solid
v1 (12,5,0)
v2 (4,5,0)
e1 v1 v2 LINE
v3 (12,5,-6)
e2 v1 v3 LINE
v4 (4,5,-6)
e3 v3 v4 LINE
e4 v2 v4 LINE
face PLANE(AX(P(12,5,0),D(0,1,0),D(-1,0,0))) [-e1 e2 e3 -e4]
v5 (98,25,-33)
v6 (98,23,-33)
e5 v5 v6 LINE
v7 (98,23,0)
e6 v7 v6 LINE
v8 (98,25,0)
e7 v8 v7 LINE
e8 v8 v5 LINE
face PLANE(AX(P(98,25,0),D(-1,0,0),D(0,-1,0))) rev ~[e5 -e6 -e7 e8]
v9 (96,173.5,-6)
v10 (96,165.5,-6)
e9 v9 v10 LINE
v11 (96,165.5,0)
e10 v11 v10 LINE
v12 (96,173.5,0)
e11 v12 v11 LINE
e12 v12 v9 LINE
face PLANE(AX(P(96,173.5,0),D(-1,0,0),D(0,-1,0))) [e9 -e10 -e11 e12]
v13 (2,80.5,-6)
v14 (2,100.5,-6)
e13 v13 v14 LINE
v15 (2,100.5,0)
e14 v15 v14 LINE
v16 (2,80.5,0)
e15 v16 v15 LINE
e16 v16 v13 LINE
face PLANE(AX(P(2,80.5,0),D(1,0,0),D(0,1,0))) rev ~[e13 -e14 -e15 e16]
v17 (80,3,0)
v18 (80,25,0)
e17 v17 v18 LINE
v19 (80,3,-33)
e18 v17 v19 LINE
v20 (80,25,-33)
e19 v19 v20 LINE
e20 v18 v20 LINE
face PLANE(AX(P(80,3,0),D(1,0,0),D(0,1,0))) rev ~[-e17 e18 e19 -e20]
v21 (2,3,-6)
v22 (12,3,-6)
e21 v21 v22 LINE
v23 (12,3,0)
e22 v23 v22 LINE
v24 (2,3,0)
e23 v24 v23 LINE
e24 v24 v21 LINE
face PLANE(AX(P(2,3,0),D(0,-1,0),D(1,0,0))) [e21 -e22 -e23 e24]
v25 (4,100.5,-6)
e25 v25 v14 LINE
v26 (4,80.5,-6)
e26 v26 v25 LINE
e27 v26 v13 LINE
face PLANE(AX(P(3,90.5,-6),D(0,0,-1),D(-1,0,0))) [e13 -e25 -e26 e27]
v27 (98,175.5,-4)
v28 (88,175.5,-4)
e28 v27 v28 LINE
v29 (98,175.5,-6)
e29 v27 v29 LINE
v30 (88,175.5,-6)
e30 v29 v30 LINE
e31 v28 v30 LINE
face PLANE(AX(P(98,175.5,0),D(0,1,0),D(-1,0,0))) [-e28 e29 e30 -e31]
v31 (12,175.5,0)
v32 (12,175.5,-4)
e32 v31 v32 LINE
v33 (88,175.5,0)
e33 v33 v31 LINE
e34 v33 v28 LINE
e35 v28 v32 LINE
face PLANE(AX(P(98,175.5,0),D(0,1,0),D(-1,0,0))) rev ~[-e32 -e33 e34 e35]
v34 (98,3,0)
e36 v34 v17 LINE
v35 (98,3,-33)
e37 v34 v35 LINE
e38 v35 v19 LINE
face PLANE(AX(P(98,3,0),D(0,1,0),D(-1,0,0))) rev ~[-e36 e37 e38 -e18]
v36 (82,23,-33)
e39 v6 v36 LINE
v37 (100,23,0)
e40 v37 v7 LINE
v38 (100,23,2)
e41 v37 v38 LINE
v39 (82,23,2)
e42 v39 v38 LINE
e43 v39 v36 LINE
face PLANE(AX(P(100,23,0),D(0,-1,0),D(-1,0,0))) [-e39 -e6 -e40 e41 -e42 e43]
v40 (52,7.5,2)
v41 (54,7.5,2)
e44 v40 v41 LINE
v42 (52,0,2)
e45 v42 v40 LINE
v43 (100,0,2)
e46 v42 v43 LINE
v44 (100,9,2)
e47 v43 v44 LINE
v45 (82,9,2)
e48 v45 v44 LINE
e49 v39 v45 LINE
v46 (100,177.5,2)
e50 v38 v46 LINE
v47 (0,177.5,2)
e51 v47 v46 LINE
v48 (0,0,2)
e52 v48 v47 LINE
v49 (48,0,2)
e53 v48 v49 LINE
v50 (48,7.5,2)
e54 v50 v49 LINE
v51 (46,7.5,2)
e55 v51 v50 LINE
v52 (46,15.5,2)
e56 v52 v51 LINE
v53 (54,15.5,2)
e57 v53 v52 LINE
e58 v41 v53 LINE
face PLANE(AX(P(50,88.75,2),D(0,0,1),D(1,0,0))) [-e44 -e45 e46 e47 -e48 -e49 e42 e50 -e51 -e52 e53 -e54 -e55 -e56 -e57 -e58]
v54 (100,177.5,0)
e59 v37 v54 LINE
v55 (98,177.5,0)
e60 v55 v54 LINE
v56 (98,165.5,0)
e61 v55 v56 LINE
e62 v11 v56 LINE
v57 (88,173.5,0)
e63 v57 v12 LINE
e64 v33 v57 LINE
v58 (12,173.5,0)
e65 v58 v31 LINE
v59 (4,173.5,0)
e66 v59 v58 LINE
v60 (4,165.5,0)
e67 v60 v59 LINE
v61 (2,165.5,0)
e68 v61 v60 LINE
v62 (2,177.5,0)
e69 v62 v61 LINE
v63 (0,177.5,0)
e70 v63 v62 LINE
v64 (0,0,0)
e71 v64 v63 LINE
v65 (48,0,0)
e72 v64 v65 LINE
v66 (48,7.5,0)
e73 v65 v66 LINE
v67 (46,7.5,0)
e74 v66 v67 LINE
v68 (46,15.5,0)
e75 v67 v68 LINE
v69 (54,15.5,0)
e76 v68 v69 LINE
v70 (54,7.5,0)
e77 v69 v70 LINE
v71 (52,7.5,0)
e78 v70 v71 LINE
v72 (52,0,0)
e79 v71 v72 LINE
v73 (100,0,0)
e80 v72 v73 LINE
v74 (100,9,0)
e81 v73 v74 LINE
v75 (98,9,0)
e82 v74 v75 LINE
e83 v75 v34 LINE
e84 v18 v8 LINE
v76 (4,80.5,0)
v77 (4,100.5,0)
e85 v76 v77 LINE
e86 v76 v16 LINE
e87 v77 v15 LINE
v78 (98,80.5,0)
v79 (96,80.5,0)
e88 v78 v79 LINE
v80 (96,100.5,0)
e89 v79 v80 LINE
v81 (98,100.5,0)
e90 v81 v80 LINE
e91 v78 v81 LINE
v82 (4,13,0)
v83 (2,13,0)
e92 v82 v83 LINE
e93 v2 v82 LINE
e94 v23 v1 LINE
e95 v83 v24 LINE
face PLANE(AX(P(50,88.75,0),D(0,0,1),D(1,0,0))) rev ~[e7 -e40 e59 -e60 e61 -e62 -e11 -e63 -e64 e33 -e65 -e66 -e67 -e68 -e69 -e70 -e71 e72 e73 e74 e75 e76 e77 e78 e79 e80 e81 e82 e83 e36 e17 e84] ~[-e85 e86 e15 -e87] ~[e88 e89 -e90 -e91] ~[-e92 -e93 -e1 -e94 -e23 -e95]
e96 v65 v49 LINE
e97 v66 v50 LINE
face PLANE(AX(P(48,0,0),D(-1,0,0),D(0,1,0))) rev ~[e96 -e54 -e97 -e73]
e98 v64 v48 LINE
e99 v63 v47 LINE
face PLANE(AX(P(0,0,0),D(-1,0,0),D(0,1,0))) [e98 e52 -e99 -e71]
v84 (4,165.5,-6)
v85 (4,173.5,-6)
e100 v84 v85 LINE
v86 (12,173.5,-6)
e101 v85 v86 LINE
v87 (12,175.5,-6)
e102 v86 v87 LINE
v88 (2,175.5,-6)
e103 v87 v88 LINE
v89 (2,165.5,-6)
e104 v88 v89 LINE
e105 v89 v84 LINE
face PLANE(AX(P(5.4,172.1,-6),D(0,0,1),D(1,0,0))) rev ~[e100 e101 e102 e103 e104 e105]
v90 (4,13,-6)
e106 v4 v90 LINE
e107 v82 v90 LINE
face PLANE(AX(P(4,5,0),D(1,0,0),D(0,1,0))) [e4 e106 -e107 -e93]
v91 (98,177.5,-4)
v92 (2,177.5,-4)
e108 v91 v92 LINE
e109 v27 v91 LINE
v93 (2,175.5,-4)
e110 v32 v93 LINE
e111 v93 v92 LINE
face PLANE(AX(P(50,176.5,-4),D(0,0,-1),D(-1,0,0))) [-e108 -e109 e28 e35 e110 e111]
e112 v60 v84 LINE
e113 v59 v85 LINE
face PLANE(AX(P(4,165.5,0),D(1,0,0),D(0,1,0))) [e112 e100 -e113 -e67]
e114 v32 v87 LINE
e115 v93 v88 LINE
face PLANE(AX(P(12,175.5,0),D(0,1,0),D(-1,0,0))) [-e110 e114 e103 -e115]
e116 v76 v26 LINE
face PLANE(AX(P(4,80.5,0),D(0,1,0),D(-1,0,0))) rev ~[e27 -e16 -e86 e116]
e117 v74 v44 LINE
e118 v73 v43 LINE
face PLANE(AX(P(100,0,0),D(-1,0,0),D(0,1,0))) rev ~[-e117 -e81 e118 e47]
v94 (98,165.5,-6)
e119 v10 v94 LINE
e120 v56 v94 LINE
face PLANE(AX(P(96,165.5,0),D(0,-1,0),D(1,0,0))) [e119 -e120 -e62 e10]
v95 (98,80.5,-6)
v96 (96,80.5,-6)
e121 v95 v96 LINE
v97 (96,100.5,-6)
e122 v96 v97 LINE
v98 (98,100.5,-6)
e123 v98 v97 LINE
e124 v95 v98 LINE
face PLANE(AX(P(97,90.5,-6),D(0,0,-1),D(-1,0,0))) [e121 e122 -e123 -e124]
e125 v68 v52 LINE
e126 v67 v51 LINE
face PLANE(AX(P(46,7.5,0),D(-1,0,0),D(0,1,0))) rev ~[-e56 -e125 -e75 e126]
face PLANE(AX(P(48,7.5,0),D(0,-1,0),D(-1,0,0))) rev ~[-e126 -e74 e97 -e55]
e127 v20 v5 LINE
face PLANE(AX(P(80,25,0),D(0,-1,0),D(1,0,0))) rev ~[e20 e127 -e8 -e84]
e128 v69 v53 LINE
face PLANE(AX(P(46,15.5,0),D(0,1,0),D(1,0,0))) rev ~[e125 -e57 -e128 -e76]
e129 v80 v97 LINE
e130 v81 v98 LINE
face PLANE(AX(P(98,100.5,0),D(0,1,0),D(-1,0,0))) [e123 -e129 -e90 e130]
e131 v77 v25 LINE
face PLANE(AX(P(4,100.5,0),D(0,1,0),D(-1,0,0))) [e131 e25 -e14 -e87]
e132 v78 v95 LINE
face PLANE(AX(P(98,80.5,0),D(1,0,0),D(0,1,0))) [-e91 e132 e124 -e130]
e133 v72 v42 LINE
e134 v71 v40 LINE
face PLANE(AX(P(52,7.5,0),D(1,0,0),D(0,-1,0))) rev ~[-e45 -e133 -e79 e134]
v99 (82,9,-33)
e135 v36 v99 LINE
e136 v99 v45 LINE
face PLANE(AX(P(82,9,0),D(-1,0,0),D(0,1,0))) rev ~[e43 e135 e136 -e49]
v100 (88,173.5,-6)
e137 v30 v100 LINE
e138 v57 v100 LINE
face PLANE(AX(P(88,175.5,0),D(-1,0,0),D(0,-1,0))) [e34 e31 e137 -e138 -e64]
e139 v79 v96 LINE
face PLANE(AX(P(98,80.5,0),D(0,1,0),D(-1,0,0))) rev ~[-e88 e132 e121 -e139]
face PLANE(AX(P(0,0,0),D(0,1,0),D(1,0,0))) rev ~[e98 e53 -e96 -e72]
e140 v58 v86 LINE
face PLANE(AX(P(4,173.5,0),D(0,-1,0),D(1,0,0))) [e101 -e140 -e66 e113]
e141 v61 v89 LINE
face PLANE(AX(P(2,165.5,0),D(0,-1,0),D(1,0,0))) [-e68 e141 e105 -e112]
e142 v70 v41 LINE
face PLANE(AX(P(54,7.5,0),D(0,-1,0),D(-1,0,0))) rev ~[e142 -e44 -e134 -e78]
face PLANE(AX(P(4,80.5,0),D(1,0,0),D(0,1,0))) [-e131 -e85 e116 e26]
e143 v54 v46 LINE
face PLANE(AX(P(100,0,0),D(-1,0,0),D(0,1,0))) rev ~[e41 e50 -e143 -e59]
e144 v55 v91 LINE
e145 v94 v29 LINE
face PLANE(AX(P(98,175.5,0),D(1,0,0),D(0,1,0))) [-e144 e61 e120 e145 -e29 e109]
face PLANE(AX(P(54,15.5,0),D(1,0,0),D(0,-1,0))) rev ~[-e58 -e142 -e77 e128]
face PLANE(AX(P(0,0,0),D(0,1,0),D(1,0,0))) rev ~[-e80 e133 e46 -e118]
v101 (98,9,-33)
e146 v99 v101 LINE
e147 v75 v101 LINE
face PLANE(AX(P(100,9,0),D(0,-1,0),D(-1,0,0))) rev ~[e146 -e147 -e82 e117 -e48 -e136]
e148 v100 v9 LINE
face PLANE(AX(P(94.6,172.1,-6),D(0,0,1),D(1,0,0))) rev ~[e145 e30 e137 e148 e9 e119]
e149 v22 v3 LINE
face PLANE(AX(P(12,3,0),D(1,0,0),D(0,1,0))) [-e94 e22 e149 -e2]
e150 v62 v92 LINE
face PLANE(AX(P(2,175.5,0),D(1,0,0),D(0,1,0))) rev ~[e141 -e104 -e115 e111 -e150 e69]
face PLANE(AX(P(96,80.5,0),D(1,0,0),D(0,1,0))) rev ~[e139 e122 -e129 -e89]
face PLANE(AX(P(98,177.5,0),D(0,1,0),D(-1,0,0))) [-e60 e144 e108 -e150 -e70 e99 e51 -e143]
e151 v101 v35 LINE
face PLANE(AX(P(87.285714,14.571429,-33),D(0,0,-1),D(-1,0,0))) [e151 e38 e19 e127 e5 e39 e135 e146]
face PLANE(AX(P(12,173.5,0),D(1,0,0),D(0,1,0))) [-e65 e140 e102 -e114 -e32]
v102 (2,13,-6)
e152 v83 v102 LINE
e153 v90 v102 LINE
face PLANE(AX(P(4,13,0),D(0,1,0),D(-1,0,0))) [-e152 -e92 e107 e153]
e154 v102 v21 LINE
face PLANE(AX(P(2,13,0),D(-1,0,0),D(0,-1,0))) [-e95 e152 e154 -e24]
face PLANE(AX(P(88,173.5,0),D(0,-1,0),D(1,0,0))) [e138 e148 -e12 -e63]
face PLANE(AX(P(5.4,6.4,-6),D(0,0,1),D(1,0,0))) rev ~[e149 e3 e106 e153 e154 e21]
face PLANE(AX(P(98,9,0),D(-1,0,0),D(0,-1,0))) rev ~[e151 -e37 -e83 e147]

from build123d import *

# Parameters (mm, degrees)
SKETCH1_W           = 100
SKETCH1_H           = 177.5
BOSS_EXTRUDE1_DEPTH = 2
SKETCH3_W           = 2
SKETCH3_H           = 20
BOSS_EXTRUDE2_DEPTH = 6
SKETCH4_W           = 96
SKETCH4_H           = 2
BOSS_EXTRUDE3_DEPTH = 4
BOSS_EXTRUDE5_DEPTH = 33
SKETCH7_W           = 18
SKETCH7_H           = 14
CUT_EXTRUDE2_DEPTH  = 207.386167172
CUT_EXTRUDE3_DEPTH  = 207.386167172


with BuildPart() as part:
    # Sketch1 → Boss-Extrude1 (new body)
    with BuildSketch(Plane.XY):
        with Locations((50, 88.75)):
            Rectangle(SKETCH1_W, SKETCH1_H)
    extrude(amount=BOSS_EXTRUDE1_DEPTH)

    # Sketch3 → Boss-Extrude2 (add)
    with BuildSketch(Plane(origin=(0, 0, 0), x_dir=(-1, 0, 0), z_dir=(0, 0, -1))):
        Polygon((-98, 175.5), (-88, 175.5), (-88, 173.5), (-96, 173.5), (-96, 165.5), (-98, 165.5), align=None)
        Polygon((-12, 175.5), (-2, 175.5), (-2, 165.5), (-4, 165.5), (-4, 173.5), (-12, 173.5), align=None)
        Polygon((-2, 3), (-12, 3), (-12, 5), (-4, 5), (-4, 13), (-2, 13), align=None)
        with Locations((-97, 90.5)):
            Rectangle(SKETCH3_W, SKETCH3_H)
        with Locations((-3, 90.5)):
            Rectangle(SKETCH3_W, SKETCH3_H)
    extrude(amount=BOSS_EXTRUDE2_DEPTH)

    # Sketch4 → Boss-Extrude3 (add)
    with BuildSketch(Plane(origin=(0, 0, 0), x_dir=(-1, 0, 0), z_dir=(0, 0, -1))):
        with Locations((-50, 176.5)):
            Rectangle(SKETCH4_W, SKETCH4_H)
    extrude(amount=BOSS_EXTRUDE3_DEPTH)

    # Sketch5 → Boss-Extrude5 (add)
    with BuildSketch(Plane(origin=(0, 0, 0), x_dir=(-1, 0, 0), z_dir=(0, 0, -1))):
        Polygon((-98, 3), (-80, 3), (-80, 25), (-98, 25), (-98, 23), (-82, 23), (-82, 9), (-98, 9), align=None)
    extrude(amount=BOSS_EXTRUDE5_DEPTH)

    # Sketch7 → Cut-Extrude2 (cut, through all)
    with BuildSketch(Plane(origin=(0, 0, 0), x_dir=(-1, 0, 0), z_dir=(0, 0, -1))):
        with Locations((-91, 16)):
            Rectangle(SKETCH7_W, SKETCH7_H)
    extrude(amount=-CUT_EXTRUDE2_DEPTH, mode=Mode.SUBTRACT)

    # Sketch8 → Cut-Extrude3 (cut, through all)
    with BuildSketch(Plane(origin=(0, 0, 0), x_dir=(-1, 0, 0), z_dir=(0, 0, -1))):
        Polygon((-48, 0), (-48, 7.5), (-46, 7.5), (-46, 15.5), (-54, 15.5), (-54, 7.5), (-52, 7.5), (-52, 0), align=None)
    extrude(amount=-CUT_EXTRUDE3_DEPTH, mode=Mode.SUBTRACT)


solid = part.part
